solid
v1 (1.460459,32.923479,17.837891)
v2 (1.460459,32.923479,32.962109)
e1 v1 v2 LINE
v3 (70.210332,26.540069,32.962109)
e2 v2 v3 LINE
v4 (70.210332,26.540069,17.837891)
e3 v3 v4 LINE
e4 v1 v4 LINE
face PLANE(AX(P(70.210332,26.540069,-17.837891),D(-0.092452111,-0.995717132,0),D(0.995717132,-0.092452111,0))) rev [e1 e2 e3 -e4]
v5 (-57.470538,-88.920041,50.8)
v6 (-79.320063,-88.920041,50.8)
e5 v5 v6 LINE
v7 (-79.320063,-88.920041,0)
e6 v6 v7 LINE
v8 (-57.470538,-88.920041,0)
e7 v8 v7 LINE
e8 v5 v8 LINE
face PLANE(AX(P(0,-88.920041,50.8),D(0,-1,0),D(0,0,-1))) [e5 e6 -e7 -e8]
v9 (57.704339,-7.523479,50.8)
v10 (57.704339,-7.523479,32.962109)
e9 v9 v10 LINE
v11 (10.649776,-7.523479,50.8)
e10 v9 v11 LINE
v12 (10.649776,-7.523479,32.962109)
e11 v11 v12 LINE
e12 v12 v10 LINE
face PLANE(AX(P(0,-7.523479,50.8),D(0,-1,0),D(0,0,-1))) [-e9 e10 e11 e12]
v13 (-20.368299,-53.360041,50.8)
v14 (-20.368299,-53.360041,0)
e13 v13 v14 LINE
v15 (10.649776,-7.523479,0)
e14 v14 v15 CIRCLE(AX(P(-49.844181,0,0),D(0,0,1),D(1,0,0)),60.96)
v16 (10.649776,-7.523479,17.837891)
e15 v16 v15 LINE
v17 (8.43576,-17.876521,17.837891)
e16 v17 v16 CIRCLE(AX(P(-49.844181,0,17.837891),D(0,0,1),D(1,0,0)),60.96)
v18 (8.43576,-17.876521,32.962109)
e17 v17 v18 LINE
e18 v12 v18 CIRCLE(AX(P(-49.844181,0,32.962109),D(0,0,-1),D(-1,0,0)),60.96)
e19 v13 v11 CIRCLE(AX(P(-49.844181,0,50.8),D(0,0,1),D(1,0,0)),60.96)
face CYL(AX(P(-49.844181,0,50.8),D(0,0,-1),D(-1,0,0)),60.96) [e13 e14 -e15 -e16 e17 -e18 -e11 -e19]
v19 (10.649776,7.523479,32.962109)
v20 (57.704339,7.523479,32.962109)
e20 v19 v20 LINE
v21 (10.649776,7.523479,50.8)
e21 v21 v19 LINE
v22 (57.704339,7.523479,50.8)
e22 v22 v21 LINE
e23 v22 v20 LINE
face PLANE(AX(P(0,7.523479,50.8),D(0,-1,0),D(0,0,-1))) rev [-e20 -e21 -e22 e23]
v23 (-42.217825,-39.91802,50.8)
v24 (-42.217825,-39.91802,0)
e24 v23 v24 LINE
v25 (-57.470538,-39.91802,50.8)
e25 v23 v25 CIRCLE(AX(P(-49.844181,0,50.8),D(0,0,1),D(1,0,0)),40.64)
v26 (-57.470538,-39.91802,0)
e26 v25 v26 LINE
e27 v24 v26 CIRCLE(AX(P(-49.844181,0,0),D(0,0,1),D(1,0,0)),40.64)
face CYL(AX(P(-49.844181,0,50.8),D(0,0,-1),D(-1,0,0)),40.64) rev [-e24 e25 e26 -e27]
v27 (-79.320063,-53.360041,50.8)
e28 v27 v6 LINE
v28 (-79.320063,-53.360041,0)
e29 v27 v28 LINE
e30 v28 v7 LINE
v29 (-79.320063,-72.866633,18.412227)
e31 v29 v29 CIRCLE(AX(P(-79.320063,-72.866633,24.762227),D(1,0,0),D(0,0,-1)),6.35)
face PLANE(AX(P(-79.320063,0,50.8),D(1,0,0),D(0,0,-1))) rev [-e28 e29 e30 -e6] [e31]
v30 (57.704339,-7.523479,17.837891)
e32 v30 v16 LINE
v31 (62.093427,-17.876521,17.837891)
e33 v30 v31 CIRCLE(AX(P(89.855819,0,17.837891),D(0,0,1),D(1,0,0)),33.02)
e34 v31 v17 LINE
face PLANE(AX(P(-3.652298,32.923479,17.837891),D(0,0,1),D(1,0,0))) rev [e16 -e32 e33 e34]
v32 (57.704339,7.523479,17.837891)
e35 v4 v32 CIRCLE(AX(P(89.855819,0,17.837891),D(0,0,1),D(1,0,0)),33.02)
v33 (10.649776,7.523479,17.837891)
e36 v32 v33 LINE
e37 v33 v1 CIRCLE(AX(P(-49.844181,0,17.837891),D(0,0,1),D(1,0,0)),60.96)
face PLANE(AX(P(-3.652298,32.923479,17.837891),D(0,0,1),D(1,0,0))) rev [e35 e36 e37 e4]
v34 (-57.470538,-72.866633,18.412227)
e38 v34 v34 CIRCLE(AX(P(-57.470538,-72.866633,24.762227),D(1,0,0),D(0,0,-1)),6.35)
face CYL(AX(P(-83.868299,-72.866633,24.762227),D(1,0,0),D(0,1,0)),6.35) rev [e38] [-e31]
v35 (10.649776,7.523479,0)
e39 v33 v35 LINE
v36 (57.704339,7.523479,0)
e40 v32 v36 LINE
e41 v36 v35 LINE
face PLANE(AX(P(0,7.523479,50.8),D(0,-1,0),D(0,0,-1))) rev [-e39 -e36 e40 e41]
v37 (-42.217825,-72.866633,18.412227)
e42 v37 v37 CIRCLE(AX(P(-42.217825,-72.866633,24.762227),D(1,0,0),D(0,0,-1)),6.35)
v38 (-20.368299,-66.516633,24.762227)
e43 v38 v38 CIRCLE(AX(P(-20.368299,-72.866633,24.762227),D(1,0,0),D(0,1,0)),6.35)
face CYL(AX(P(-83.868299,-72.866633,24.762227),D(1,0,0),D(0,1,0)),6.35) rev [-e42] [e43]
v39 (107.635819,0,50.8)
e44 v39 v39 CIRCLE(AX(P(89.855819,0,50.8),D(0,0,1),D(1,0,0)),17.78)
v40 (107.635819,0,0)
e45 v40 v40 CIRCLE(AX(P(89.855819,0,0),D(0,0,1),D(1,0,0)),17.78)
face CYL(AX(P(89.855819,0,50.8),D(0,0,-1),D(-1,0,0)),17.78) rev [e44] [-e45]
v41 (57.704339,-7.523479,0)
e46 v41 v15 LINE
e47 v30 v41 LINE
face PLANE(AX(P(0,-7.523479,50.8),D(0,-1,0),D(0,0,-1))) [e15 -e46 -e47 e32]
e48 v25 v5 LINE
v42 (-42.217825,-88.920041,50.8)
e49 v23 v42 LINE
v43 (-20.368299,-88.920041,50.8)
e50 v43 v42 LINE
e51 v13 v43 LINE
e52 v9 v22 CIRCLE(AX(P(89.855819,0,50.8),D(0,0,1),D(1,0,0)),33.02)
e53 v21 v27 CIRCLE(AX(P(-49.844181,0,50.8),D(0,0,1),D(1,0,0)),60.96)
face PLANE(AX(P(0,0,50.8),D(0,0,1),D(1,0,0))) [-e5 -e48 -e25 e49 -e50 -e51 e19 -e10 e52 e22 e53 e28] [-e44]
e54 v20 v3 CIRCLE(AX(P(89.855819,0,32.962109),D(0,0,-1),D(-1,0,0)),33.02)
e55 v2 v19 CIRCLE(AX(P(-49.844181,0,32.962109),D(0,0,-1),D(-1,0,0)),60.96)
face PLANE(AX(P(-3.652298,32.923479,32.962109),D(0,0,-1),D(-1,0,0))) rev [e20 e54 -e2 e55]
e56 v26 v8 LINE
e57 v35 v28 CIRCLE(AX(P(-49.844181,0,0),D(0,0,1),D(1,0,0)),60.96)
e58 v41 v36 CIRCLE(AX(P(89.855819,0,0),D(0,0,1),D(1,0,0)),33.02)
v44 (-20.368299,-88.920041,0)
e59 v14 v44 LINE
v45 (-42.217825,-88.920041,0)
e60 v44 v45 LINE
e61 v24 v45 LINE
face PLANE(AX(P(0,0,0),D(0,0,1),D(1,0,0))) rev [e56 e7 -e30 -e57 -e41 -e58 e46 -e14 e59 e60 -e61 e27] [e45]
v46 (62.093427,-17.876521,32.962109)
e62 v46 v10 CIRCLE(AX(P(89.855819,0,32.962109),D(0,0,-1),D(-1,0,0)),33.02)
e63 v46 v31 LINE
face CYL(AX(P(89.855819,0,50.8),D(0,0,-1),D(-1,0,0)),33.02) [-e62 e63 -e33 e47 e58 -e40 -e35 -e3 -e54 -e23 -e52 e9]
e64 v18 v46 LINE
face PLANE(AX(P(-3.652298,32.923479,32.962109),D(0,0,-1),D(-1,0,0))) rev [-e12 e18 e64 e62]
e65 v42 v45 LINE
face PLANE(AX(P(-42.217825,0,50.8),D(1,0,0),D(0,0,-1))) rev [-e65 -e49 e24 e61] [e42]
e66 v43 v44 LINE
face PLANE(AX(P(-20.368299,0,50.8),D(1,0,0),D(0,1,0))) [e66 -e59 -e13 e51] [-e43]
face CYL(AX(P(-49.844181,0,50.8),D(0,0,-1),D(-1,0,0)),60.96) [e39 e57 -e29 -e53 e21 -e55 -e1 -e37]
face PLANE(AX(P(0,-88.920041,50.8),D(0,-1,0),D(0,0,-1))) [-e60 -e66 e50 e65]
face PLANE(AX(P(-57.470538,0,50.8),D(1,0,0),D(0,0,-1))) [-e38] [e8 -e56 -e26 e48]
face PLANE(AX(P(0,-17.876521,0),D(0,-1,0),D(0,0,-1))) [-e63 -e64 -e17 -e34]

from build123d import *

# Parameters (mm, degrees)
SKETCH1_R           = 17.78
BOSS_EXTRUDE2_DEPTH = 50.8
SKETCH2_W           = 73.862630268
SKETCH2_H           = 15.124217288
BOSS_EXTRUDE3_DEPTH = 25.4
CUT_EXTRUDE1_DEPTH  = 50.8
SKETCH4_R           = 6.35
CUT_EXTRUDE2_DEPTH  = 63.5


with BuildPart() as part:
    # Sketch1 → Boss-Extrude2 (new body)
    with BuildSketch(Plane.XY):
        with BuildLine():
            ThreePointArc((-9.204181185, 0), (-18.526895851, -25.90052585), (-42.217824852, -39.918019604))
            Line((-42.217824852, -39.918019604), (-42.217824852, -88.920040919))
            Line((-42.217824852, -88.920040919), (-20.368298956, -88.920040919))
            Line((-20.368298956, -88.920040919), (-20.368298956, -53.360040919))
            ThreePointArc((-20.368298956, -53.360040919), (0.642357728, -34.164762381), (10.649776088, -7.523478812))
            Line((10.649776088, -7.523478812), (57.70433881, -7.523478812))
            ThreePointArc((57.70433881, -7.523478812), (122.875818815, 0), (57.70433881, 7.523478812))
            Line((57.70433881, 7.523478812), (10.649776088, 7.523478812))
            ThreePointArc((10.649776088, 7.523478812), (-84.008943566, 50.486538913), (-79.320063413, -53.360040919))
            Line((-79.320063413, -53.360040919), (-79.320063413, -88.920040919))
            Line((-79.320063413, -88.920040919), (-57.470537518, -88.920040919))
            Line((-57.470537518, -88.920040919), (-57.470537518, -39.918019604))
            ThreePointArc((-57.470537518, -39.918019604), (-75.744707035, 31.317285334), (-9.204181185, 0))
        make_face()
        with Locations((89.855818815, 0)):
            Circle(SKETCH1_R, mode=Mode.SUBTRACT)
    extrude(amount=BOSS_EXTRUDE2_DEPTH)

    # Sketch2 → Boss-Extrude3 (add, symmetric)
    with BuildSketch(Plane(origin=(0, 7.523478812, 0), x_dir=(1, 0, 0), z_dir=(0, 1, 0))):
        with Locations((33.279016798, -25.4)):
            Rectangle(SKETCH2_W, SKETCH2_H)
    extrude(amount=BOSS_EXTRUDE3_DEPTH, both=True)

    # Sketch3 → Cut-Extrude1 (cut)
    with BuildSketch(Plane.XY.offset(32.962108644)):
        Polygon((70.210331932, 26.540068672), (1.460459374, 32.923478812), (70.210331932, 32.923478812), align=None)
    extrude(amount=-CUT_EXTRUDE1_DEPTH, mode=Mode.SUBTRACT)

    # Sketch4 → Cut-Extrude2 (cut)
    with BuildSketch(Plane(origin=(-20.368298956, 0, 0), x_dir=(0, 0, -1), z_dir=(1, 0, 0))):
        with Locations(Location((-24.762227367, -72.866633354, 0), (0, 0, 90))):
            Circle(SKETCH4_R)
    extrude(amount=-CUT_EXTRUDE2_DEPTH, mode=Mode.SUBTRACT)


solid = part.part
